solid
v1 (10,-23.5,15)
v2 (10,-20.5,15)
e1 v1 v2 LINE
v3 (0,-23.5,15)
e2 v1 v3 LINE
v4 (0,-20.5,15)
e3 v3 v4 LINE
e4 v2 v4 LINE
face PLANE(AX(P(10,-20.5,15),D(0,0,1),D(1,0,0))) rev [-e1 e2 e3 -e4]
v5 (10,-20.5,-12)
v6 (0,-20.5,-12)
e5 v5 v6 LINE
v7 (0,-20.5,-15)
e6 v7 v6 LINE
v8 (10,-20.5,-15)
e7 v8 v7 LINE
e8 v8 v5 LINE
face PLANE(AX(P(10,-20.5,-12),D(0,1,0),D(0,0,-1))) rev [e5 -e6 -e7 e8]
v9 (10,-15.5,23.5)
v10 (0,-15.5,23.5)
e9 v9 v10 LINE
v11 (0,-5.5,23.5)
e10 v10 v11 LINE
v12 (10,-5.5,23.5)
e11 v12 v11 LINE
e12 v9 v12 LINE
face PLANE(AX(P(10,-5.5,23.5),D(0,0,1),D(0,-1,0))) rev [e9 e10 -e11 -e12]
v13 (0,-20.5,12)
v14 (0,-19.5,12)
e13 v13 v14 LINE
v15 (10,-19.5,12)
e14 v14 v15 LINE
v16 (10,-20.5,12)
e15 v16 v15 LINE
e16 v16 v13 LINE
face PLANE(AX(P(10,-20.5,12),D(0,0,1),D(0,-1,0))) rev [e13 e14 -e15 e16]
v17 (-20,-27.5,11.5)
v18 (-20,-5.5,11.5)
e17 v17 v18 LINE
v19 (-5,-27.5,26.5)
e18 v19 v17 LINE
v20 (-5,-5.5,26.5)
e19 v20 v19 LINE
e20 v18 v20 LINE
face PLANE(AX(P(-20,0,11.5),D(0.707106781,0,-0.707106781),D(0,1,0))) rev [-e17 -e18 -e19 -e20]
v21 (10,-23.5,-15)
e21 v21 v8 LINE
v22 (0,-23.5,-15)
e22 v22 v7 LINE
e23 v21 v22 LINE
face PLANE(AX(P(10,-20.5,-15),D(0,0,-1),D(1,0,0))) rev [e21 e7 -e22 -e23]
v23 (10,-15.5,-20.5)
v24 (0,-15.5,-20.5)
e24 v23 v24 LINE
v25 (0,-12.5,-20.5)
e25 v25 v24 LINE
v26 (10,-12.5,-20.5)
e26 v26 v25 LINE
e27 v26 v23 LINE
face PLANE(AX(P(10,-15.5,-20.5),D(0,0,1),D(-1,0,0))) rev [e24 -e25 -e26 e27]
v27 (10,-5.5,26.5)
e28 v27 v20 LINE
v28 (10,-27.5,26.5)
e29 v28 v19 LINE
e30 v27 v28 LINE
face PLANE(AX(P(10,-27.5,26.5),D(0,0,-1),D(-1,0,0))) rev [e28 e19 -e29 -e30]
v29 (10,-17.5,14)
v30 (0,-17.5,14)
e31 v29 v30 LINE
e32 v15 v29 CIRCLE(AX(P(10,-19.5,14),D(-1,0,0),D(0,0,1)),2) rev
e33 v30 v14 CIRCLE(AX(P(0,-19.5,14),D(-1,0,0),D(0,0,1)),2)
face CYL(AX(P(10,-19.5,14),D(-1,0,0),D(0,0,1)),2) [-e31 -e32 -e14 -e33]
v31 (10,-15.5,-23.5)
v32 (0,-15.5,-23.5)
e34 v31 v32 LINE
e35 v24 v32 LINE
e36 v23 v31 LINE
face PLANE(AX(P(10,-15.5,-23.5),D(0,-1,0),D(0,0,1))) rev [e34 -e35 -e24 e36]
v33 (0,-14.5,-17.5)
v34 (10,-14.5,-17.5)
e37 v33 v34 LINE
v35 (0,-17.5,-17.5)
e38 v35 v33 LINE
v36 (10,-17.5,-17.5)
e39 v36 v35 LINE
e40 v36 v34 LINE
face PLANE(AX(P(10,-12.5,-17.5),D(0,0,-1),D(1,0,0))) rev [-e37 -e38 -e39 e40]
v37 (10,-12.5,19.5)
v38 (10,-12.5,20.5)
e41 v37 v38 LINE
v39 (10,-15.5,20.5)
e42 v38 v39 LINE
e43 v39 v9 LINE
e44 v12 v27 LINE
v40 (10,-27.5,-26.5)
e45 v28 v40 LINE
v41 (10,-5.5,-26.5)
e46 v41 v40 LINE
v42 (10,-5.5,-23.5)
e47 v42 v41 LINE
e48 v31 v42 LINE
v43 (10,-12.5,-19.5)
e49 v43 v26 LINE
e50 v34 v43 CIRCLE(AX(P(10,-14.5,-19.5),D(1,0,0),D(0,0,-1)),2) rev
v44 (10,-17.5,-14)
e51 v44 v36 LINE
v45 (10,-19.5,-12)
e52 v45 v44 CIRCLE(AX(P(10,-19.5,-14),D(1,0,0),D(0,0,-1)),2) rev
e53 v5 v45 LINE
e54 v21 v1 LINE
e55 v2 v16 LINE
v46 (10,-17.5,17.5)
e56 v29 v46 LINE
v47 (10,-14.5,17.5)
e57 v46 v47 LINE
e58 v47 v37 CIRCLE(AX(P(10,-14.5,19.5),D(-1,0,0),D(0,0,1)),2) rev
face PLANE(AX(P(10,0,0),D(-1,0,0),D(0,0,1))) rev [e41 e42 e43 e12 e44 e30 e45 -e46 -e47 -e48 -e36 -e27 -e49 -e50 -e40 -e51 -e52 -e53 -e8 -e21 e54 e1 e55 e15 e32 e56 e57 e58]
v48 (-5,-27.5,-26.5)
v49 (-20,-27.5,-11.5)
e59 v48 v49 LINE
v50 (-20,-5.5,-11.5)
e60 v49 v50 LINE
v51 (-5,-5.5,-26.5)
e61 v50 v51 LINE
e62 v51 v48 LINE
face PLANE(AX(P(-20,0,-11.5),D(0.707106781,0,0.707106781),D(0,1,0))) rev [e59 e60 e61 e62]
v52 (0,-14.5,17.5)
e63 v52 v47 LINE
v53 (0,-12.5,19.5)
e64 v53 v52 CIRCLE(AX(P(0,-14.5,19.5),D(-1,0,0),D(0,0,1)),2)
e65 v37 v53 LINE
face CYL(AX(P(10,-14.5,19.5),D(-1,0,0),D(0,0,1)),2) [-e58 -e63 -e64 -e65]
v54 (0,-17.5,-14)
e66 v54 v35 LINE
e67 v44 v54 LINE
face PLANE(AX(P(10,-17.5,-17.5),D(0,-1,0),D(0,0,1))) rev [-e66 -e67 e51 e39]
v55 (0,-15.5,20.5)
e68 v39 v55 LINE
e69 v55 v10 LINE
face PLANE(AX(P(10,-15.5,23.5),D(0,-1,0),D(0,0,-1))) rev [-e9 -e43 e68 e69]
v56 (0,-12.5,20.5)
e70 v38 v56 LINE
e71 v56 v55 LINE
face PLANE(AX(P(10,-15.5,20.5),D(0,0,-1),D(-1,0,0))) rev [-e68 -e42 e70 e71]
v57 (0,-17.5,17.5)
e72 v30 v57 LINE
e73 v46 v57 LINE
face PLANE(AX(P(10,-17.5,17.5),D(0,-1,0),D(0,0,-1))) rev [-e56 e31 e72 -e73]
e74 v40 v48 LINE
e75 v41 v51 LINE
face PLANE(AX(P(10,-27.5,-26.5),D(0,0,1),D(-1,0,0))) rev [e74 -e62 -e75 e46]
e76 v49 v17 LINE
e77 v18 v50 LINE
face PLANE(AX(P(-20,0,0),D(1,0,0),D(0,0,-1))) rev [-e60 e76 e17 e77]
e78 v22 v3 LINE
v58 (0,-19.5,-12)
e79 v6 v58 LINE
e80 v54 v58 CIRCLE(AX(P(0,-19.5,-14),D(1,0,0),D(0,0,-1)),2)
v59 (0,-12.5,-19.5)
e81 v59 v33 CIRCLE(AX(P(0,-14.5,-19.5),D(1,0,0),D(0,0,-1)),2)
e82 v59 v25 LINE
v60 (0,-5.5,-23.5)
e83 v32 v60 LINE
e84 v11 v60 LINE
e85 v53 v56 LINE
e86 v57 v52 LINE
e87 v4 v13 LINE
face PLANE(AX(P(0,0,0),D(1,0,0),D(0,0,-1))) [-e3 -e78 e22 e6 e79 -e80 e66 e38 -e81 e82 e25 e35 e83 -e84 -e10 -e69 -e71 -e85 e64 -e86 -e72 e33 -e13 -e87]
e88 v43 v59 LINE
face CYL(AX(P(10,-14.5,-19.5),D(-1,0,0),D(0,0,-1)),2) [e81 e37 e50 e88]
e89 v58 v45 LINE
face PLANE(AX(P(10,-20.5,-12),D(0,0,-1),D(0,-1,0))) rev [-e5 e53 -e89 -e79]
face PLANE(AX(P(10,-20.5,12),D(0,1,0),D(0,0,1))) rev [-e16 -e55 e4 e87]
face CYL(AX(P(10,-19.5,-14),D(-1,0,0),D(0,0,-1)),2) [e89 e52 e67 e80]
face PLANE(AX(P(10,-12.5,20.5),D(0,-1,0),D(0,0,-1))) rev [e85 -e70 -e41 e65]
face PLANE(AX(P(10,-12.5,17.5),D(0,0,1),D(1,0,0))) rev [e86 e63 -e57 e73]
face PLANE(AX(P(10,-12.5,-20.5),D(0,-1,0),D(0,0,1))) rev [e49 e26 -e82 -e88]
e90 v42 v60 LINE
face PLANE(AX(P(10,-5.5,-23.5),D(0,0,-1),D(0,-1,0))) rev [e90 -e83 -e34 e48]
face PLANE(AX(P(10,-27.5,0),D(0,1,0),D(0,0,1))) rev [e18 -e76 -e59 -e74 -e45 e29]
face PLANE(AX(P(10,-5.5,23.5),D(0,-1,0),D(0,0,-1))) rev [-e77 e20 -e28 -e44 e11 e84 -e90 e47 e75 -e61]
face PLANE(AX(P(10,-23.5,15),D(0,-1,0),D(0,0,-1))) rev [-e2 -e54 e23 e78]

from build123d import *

# Parameters (mm, degrees)
BOSS_EXTRUDE1_DEPTH = 10
FILLET1_R           = 2
SKETCH2_W           = 26.5
SKETCH2_H           = 22
BOSS_EXTRUDE2_DEPTH = 20
CHAMFER1_SIZE       = 15


with BuildPart() as part:
    # Sketch1 → Boss-Extrude1 (new body)
    with BuildSketch(Plane(origin=(0, 0, 0), x_dir=(0, 0, -1), z_dir=(1, 0, 0))):
        Polygon((-26.5, -27.5), (-26.5, -5.5), (-23.5, -5.5), (-23.5, -15.5), (-20.5, -15.5), (-20.5, -12.5), (-17.5, -12.5), (-17.5, -17.5), (-12, -17.5), (-12, -20.5), (-15, -20.5), (-15, -23.5), (0, -23.5), (0, -27.5), align=None)
    extrude(amount=BOSS_EXTRUDE1_DEPTH)

    # Fillet1
    fillet1_edges = [part.edges().sort_by_distance(p)[0] for p in [
        (5, -12.5, 17.5),
        (5, -17.5, 12),
    ]]
    fillet(fillet1_edges, radius=FILLET1_R)

    # Sketch2 → Boss-Extrude2 (add)
    with BuildSketch(Plane.ZY):
        with Locations((13.25, -16.5)):
            Rectangle(SKETCH2_W, SKETCH2_H)
    extrude(amount=BOSS_EXTRUDE2_DEPTH)

    # Chamfer1
    chamfer1_edges = [part.edges().sort_by_distance(p)[0] for p in [
        (-20, -16.5, 26.5),
    ]]
    chamfer(chamfer1_edges, length=CHAMFER1_SIZE)

    # Mirror1: part across plane


with BuildPart() as part_1:
    add(part.part)
    add(part.part.mirror(Plane(origin=(10, -23.5, 0), x_dir=(1, 0, 0), z_dir=(0, 0, 1))))


solid = part_1.part
